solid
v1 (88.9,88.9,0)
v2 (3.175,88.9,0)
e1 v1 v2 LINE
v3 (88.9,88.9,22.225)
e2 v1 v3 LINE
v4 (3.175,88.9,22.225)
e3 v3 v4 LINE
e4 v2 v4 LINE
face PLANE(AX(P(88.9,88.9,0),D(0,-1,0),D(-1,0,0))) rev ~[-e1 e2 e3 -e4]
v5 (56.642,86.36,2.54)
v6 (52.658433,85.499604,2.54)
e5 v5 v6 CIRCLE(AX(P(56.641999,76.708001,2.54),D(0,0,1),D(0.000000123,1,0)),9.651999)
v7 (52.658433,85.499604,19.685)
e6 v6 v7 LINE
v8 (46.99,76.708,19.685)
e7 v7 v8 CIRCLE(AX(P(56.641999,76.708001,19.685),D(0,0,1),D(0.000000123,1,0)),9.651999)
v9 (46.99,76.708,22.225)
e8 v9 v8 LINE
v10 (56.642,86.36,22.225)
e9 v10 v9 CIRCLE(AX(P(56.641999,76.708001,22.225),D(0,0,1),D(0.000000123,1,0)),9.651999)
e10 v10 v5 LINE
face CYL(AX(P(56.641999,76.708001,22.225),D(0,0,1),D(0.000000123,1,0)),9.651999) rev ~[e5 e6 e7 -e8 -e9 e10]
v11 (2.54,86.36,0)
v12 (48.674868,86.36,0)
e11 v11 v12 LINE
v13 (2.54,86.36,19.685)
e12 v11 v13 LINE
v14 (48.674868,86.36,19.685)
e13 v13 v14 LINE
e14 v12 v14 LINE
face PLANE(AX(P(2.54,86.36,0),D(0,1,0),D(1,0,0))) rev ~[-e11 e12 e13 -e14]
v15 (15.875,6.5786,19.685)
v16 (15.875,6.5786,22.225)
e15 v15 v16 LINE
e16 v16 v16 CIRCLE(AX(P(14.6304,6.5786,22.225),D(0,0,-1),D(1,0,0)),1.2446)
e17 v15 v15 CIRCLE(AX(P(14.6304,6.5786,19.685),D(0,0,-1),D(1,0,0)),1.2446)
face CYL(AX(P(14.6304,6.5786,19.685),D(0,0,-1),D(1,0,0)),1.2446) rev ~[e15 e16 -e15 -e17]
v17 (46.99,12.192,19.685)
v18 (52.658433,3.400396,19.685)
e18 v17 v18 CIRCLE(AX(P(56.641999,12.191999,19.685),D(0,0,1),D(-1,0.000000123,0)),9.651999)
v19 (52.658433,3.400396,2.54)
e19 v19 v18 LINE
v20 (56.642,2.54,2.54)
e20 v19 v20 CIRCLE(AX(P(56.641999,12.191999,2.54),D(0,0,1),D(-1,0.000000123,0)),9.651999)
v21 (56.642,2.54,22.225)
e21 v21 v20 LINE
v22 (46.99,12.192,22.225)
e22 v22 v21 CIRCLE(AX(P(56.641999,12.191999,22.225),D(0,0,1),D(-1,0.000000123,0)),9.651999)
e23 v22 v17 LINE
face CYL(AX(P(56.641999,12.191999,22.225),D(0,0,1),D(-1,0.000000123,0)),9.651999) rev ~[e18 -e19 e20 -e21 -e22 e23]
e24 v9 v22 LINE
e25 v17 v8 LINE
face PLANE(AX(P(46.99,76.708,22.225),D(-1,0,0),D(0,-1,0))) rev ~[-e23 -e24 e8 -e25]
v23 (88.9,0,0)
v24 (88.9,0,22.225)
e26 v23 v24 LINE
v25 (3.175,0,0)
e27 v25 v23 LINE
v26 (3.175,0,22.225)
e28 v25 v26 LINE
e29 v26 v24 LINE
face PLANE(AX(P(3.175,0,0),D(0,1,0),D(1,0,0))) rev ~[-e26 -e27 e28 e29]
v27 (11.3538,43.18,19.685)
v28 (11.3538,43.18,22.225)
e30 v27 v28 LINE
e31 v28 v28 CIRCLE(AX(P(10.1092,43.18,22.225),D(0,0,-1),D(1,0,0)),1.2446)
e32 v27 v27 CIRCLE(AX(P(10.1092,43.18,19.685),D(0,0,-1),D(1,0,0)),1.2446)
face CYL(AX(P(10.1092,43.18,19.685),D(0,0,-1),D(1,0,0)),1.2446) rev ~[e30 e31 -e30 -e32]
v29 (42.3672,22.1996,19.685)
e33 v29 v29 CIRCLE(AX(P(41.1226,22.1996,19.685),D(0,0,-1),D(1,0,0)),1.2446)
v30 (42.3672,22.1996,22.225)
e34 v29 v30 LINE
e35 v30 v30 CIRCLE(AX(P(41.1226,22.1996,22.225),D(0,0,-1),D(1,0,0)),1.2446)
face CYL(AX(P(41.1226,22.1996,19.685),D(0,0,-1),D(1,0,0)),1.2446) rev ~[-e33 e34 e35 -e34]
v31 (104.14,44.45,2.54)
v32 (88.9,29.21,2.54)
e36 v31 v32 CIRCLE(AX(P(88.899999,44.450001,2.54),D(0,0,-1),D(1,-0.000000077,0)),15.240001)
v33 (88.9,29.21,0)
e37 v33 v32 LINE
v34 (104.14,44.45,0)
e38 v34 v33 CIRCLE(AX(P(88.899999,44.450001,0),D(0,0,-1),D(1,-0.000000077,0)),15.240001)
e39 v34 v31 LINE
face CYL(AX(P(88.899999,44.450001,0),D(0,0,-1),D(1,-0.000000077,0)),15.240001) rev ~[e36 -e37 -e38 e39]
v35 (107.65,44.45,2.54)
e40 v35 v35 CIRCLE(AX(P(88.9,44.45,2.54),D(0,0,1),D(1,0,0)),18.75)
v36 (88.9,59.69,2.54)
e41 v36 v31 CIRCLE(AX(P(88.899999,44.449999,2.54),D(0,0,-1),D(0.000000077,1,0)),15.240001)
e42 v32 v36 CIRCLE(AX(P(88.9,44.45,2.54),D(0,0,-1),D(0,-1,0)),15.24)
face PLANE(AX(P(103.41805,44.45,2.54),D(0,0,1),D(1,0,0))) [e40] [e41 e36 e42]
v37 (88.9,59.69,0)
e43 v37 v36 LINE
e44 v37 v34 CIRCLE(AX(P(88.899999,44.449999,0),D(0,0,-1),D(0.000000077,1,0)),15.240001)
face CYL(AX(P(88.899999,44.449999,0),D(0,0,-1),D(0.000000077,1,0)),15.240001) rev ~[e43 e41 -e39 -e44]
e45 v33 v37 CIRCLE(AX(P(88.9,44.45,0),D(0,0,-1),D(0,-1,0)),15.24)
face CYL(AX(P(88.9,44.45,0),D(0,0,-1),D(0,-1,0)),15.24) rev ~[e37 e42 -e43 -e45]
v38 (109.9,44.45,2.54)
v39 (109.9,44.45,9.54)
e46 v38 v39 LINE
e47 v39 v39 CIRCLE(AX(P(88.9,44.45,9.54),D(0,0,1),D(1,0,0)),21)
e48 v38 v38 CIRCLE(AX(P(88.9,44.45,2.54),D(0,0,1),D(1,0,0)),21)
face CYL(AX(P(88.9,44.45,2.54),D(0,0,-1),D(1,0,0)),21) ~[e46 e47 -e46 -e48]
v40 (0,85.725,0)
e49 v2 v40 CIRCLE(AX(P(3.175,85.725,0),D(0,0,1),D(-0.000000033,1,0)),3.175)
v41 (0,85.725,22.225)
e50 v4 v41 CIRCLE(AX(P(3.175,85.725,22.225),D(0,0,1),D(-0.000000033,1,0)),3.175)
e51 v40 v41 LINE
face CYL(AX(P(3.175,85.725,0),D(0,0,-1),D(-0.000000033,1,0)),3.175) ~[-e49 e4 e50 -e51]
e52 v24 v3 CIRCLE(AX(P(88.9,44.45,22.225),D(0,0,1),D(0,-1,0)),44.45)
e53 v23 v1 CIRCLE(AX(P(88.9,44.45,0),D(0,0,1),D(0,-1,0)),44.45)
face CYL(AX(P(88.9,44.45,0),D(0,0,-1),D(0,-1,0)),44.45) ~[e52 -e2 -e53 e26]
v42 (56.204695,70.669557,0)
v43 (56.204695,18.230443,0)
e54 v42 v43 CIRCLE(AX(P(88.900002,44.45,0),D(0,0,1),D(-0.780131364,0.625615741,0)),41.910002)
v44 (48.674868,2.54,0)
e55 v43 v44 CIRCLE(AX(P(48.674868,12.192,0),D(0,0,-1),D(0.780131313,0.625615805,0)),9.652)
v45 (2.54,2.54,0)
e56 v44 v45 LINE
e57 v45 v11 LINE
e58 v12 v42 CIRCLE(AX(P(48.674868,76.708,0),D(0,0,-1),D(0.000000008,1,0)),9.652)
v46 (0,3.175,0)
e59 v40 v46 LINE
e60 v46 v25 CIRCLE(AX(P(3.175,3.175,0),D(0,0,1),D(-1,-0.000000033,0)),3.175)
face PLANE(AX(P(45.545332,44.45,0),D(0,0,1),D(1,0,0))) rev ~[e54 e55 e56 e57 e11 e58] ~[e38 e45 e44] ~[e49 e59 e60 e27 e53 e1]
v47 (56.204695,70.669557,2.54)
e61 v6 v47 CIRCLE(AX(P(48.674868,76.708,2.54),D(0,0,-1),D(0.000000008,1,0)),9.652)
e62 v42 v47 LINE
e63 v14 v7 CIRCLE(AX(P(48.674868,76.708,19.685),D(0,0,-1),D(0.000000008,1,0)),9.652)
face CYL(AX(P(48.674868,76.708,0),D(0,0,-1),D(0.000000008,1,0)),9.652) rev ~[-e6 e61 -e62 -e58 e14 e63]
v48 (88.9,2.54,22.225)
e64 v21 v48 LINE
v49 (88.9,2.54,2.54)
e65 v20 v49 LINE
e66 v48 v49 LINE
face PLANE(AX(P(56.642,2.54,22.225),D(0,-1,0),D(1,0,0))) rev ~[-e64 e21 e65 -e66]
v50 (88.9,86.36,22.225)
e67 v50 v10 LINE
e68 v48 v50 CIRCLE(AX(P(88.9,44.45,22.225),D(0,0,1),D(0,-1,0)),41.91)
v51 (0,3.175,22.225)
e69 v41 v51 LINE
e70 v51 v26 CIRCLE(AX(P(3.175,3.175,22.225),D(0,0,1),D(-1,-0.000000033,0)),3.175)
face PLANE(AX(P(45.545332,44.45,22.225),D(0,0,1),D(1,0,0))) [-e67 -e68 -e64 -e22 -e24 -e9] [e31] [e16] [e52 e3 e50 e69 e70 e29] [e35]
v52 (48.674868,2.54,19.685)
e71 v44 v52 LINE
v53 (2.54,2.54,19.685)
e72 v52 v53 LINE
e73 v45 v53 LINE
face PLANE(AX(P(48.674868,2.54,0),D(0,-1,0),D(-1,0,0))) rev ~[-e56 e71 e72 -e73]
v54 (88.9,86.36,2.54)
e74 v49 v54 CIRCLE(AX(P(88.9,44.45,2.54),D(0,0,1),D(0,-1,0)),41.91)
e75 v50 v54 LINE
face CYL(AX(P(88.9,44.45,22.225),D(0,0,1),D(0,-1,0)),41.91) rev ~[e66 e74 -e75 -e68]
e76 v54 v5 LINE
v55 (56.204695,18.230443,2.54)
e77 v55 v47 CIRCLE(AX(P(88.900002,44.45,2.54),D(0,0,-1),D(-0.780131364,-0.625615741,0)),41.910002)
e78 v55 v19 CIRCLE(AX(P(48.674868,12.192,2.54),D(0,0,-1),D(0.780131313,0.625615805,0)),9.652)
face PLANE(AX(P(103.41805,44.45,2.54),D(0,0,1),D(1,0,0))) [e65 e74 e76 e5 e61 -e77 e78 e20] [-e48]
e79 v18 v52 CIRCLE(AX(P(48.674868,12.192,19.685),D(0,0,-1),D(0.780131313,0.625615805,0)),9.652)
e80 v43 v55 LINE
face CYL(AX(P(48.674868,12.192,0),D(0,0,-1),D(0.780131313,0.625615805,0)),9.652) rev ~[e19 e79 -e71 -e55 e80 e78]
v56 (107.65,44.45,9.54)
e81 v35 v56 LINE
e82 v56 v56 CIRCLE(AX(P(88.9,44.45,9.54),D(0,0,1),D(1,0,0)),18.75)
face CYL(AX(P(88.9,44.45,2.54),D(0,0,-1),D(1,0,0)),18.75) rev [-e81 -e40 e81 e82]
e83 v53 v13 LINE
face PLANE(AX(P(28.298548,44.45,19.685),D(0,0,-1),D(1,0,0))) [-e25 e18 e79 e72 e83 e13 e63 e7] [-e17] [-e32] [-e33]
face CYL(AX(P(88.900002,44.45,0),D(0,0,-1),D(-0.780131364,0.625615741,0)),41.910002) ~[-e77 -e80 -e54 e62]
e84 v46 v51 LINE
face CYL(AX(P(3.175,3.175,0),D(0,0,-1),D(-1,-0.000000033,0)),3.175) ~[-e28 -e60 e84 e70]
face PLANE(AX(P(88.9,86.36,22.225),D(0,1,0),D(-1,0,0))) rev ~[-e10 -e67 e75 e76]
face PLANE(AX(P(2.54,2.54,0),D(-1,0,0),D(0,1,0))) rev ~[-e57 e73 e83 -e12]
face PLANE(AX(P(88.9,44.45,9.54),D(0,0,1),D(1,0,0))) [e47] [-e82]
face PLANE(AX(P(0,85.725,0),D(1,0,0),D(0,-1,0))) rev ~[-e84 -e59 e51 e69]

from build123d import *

# Parameters (mm, degrees)
F1_DEPTH = 22.225
F3_DEPTH = 19.685
F5_DEPTH = 19.685
F6_R     = 21
F6_R_2   = 18.75
F7_DEPTH = 7
F8_R     = 1.2446
F9_DEPTH = 2.541


with BuildPart() as f1:
    # F0 (on Top) → F1 (new body)
    with BuildSketch(Plane.XY):
        with BuildLine():
            ThreePointArc((0, 3.175), (0.929936, 0.929936), (3.175, 0))
            Line((3.175, 0), (88.9, 0))
            Line((88.9, 0), (88.9, 29.21))
            ThreePointArc((88.9, 29.21), (73.66, 44.45), (88.9, 59.69))
            Line((88.9, 59.69), (88.9, 88.9))
            Line((88.9, 88.9), (3.175, 88.9))
            ThreePointArc((3.175, 88.9), (0.929936, 87.970064), (0, 85.725))
            Line((0, 85.725), (0, 3.175))
        make_face()
        with BuildLine():
            Line((88.9, 29.21), (88.9, 0))
            ThreePointArc((88.9, 0), (133.35, 44.45), (88.9, 88.9))
            Line((88.9, 88.9), (88.9, 59.69))
            ThreePointArc((88.9, 59.69), (99.676307, 55.226307), (104.14, 44.45))
            ThreePointArc((104.14, 44.45), (99.676307, 33.673693), (88.9, 29.21))
        make_face()
    extrude(amount=F1_DEPTH)

    # F2 (on face) → F3 (cut)
    with BuildSketch(Plane.XY.offset(22.225)):
        with BuildLine():
            Line((88.9, 86.36), (88.9, 2.54))
            ThreePointArc((88.9, 2.54), (130.81, 44.45), (88.9, 86.36))
        make_face()
        with BuildLine():
            Line((56.642, 2.54), (88.9, 2.54))
            Line((88.9, 2.54), (88.9, 86.36))
            Line((88.9, 86.36), (56.642, 86.36))
            ThreePointArc((56.642, 86.36), (49.817005, 83.532995), (46.99, 76.708))
            Line((46.99, 76.708), (46.99, 12.192))
            ThreePointArc((46.99, 12.192), (49.817005, 5.367005), (56.642, 2.54))
        make_face()
    extrude(amount=-F3_DEPTH, mode=Mode.SUBTRACT)

    # F4 (on face) → F5 (cut)
    with BuildSketch(Plane(origin=(0, 0, 0), x_dir=(1, 0, 0), z_dir=(0, 0, -1))):
        with BuildLine():
            ThreePointArc((56.204695, -70.669557), (46.99, -44.45), (56.204695, -18.230443))
            ThreePointArc((56.204695, -18.230443), (57.376711, -8.015994), (48.674868, -2.54))
            Line((48.674868, -2.54), (2.54, -2.54))
            Line((2.54, -2.54), (2.54, -86.36))
            Line((2.54, -86.36), (48.674868, -86.36))
            ThreePointArc((48.674868, -86.36), (57.376711, -80.884006), (56.204695, -70.669557))
        make_face()
    extrude(amount=-F5_DEPTH, mode=Mode.SUBTRACT)

    # F6 (on face) → F7 (join)
    with BuildSketch(Plane.XY.offset(2.54)):
        with Locations((88.9, 44.45)):
            Circle(F6_R)
        with Locations((88.9, 44.45)):
            Circle(F6_R_2, mode=Mode.SUBTRACT)
    extrude(amount=F7_DEPTH)

    # F8 (on face) → F9 (cut, through all)
    with BuildSketch(Plane(origin=(0, 0, 19.685), x_dir=(1, 0, 0), z_dir=(0, 0, -1))):
        with Locations((10.1092, -43.18)):
            Circle(F8_R)
        with Locations((14.6304, -6.5786)):
            Circle(F8_R)
        with Locations((41.1226, -22.1996)):
            Circle(F8_R)
    extrude(amount=-F9_DEPTH, mode=Mode.SUBTRACT)


solid = f1.part
